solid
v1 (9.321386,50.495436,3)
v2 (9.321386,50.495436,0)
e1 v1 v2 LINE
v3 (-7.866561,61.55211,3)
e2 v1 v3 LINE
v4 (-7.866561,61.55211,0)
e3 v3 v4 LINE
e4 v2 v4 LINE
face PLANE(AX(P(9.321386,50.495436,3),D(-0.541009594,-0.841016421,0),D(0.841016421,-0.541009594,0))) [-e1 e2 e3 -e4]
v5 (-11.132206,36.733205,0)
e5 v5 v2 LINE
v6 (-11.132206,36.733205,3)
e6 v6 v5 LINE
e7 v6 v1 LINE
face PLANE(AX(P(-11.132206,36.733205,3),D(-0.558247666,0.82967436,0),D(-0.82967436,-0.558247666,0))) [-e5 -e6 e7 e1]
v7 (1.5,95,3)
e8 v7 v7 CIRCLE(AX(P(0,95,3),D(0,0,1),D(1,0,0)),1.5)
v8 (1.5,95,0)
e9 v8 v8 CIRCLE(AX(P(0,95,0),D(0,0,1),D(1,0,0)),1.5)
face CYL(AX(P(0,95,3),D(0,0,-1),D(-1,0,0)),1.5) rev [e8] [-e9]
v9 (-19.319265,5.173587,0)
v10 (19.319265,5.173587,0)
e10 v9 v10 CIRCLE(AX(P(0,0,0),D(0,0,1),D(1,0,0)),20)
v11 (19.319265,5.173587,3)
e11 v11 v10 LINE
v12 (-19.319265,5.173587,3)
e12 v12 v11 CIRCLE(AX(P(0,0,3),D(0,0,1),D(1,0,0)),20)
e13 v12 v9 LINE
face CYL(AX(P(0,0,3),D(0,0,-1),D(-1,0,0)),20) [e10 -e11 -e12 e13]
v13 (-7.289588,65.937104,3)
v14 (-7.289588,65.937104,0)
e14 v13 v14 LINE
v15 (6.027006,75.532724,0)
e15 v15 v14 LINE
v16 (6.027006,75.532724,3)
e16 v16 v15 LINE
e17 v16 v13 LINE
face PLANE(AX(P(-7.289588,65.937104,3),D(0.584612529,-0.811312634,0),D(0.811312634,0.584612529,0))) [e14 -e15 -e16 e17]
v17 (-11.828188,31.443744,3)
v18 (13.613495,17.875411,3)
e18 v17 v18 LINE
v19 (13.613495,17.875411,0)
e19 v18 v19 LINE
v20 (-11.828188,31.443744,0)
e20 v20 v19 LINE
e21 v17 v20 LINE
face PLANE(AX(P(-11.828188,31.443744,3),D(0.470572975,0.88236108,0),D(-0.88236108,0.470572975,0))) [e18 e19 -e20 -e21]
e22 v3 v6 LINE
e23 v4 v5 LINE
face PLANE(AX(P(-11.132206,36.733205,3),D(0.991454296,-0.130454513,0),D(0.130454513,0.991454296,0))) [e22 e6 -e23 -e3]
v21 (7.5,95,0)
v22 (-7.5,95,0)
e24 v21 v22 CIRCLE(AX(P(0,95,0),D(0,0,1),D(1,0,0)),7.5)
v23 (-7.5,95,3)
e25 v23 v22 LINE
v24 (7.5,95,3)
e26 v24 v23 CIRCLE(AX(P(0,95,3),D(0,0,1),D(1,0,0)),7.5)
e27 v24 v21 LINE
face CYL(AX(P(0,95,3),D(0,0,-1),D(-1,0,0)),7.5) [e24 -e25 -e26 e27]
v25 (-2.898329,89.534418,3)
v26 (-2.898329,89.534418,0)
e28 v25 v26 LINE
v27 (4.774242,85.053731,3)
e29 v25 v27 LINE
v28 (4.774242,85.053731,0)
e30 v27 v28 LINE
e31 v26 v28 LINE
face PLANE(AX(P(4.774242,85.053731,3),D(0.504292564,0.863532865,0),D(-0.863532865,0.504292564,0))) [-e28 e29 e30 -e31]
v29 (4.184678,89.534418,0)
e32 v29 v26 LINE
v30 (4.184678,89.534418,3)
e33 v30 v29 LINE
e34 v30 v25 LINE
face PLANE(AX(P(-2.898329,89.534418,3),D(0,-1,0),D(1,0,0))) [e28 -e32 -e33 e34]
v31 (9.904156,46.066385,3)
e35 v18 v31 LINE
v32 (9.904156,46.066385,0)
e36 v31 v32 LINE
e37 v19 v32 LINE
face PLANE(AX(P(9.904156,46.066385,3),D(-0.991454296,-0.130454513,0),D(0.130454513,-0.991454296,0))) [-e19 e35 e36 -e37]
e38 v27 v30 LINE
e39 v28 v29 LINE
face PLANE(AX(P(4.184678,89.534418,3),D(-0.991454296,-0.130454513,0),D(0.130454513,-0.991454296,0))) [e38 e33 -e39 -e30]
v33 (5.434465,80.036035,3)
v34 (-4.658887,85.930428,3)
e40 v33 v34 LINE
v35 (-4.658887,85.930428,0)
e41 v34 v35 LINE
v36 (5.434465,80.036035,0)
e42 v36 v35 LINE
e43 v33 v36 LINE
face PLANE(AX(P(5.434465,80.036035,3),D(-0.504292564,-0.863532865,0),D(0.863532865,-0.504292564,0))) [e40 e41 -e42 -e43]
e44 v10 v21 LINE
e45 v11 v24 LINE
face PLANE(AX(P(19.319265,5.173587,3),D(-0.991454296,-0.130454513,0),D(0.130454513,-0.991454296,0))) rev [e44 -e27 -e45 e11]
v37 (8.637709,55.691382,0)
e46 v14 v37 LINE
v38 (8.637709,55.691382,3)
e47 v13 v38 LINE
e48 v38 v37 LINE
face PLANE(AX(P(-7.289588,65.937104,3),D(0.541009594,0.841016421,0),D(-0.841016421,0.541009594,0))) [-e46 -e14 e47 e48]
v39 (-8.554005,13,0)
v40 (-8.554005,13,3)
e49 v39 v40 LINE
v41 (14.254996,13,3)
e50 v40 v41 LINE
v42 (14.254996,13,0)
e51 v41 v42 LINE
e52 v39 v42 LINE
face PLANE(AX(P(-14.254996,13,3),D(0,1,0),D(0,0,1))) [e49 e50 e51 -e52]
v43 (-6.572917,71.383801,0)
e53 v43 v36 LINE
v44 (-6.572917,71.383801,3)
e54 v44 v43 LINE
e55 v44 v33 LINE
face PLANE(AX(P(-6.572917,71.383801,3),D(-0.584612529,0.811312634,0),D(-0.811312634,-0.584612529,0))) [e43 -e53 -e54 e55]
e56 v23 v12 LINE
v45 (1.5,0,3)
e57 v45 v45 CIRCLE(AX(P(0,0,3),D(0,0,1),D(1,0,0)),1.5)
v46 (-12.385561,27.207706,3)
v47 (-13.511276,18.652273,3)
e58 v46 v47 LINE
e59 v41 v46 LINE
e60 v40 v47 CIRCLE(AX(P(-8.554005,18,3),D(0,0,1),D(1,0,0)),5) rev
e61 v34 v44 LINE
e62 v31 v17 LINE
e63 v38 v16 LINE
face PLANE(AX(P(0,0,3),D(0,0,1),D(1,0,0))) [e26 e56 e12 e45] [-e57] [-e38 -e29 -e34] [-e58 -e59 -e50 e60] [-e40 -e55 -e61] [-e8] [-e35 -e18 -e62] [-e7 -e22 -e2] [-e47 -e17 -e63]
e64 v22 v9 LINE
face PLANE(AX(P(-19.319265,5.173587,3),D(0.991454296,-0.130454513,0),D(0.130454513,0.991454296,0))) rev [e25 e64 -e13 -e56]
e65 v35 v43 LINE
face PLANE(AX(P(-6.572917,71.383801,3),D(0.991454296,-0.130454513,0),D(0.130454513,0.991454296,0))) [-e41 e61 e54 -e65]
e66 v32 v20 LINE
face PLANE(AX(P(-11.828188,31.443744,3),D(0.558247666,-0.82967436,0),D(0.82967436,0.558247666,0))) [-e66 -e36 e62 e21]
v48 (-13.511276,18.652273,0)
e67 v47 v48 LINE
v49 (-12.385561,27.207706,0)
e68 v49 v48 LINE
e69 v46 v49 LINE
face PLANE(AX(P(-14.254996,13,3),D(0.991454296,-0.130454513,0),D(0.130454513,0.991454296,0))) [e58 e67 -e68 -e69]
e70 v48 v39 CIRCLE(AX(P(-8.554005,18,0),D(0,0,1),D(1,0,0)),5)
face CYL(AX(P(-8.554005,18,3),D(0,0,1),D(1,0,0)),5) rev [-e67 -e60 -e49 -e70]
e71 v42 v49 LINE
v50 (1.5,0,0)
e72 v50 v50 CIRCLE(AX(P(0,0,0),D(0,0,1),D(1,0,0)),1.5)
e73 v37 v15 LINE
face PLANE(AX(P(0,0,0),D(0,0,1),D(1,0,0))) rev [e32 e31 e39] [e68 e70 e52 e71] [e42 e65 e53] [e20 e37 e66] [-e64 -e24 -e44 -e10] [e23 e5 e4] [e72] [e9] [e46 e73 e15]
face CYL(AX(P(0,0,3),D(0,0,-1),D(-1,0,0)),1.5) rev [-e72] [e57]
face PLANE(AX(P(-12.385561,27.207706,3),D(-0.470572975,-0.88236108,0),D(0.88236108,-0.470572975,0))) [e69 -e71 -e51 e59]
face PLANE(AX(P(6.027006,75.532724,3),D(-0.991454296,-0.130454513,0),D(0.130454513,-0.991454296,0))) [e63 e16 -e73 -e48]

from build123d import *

# Parameters (mm, degrees)
SKETCH1_R           = 1.5
BOSS_EXTRUDE1_DEPTH = 3
FILLET1_R           = 5


with BuildPart() as part:
    # Sketch1 → Boss-Extrude1 (new body)
    with BuildSketch(Plane.XY):
        with BuildLine():
            Line((-19.319264806, 5.173587474), (-7.5, 95))
            ThreePointArc((-7.5, 95), (0, 102.5), (7.5, 95))
            Line((7.5, 95), (19.319264806, 5.173587474))
            ThreePointArc((19.319264806, 5.173587474), (0, -20), (-19.319264806, 5.173587474))
        make_face()
        with Locations((0, 95)):
            Circle(SKETCH1_R, mode=Mode.SUBTRACT)
        Circle(SKETCH1_R, mode=Mode.SUBTRACT)
        Polygon((-14.254996232, 13), (14.254996232, 13), (-12.38556129, 27.207705563), align=None, mode=Mode.SUBTRACT)
        Polygon((-2.898329399, 89.534418399), (4.184678022, 89.534418399), (4.774242146, 85.053731057), align=None, mode=Mode.SUBTRACT)
        Polygon((-11.828187859, 31.443743635), (13.613494732, 17.875411404), (9.904156147, 46.066384645), align=None, mode=Mode.SUBTRACT)
        Polygon((-11.132206149, 36.73320463), (-7.866560771, 61.552109505), (9.321386275, 50.495435676), align=None, mode=Mode.SUBTRACT)
        Polygon((-7.289587852, 65.937103693), (8.637709175, 55.691381633), (6.027006268, 75.532723726), align=None, mode=Mode.SUBTRACT)
        Polygon((-6.572917095, 71.383801447), (5.434465341, 80.036034774), (-4.658887227, 85.930428438), align=None, mode=Mode.SUBTRACT)
    extrude(amount=BOSS_EXTRUDE1_DEPTH)

    # Fillet1
    fillet1_edges = [part.edges().sort_by_distance(p)[0] for p in [
        (-14.254996232, 13, 1.5),
    ]]
    fillet(fillet1_edges, radius=FILLET1_R)


solid = part.part
